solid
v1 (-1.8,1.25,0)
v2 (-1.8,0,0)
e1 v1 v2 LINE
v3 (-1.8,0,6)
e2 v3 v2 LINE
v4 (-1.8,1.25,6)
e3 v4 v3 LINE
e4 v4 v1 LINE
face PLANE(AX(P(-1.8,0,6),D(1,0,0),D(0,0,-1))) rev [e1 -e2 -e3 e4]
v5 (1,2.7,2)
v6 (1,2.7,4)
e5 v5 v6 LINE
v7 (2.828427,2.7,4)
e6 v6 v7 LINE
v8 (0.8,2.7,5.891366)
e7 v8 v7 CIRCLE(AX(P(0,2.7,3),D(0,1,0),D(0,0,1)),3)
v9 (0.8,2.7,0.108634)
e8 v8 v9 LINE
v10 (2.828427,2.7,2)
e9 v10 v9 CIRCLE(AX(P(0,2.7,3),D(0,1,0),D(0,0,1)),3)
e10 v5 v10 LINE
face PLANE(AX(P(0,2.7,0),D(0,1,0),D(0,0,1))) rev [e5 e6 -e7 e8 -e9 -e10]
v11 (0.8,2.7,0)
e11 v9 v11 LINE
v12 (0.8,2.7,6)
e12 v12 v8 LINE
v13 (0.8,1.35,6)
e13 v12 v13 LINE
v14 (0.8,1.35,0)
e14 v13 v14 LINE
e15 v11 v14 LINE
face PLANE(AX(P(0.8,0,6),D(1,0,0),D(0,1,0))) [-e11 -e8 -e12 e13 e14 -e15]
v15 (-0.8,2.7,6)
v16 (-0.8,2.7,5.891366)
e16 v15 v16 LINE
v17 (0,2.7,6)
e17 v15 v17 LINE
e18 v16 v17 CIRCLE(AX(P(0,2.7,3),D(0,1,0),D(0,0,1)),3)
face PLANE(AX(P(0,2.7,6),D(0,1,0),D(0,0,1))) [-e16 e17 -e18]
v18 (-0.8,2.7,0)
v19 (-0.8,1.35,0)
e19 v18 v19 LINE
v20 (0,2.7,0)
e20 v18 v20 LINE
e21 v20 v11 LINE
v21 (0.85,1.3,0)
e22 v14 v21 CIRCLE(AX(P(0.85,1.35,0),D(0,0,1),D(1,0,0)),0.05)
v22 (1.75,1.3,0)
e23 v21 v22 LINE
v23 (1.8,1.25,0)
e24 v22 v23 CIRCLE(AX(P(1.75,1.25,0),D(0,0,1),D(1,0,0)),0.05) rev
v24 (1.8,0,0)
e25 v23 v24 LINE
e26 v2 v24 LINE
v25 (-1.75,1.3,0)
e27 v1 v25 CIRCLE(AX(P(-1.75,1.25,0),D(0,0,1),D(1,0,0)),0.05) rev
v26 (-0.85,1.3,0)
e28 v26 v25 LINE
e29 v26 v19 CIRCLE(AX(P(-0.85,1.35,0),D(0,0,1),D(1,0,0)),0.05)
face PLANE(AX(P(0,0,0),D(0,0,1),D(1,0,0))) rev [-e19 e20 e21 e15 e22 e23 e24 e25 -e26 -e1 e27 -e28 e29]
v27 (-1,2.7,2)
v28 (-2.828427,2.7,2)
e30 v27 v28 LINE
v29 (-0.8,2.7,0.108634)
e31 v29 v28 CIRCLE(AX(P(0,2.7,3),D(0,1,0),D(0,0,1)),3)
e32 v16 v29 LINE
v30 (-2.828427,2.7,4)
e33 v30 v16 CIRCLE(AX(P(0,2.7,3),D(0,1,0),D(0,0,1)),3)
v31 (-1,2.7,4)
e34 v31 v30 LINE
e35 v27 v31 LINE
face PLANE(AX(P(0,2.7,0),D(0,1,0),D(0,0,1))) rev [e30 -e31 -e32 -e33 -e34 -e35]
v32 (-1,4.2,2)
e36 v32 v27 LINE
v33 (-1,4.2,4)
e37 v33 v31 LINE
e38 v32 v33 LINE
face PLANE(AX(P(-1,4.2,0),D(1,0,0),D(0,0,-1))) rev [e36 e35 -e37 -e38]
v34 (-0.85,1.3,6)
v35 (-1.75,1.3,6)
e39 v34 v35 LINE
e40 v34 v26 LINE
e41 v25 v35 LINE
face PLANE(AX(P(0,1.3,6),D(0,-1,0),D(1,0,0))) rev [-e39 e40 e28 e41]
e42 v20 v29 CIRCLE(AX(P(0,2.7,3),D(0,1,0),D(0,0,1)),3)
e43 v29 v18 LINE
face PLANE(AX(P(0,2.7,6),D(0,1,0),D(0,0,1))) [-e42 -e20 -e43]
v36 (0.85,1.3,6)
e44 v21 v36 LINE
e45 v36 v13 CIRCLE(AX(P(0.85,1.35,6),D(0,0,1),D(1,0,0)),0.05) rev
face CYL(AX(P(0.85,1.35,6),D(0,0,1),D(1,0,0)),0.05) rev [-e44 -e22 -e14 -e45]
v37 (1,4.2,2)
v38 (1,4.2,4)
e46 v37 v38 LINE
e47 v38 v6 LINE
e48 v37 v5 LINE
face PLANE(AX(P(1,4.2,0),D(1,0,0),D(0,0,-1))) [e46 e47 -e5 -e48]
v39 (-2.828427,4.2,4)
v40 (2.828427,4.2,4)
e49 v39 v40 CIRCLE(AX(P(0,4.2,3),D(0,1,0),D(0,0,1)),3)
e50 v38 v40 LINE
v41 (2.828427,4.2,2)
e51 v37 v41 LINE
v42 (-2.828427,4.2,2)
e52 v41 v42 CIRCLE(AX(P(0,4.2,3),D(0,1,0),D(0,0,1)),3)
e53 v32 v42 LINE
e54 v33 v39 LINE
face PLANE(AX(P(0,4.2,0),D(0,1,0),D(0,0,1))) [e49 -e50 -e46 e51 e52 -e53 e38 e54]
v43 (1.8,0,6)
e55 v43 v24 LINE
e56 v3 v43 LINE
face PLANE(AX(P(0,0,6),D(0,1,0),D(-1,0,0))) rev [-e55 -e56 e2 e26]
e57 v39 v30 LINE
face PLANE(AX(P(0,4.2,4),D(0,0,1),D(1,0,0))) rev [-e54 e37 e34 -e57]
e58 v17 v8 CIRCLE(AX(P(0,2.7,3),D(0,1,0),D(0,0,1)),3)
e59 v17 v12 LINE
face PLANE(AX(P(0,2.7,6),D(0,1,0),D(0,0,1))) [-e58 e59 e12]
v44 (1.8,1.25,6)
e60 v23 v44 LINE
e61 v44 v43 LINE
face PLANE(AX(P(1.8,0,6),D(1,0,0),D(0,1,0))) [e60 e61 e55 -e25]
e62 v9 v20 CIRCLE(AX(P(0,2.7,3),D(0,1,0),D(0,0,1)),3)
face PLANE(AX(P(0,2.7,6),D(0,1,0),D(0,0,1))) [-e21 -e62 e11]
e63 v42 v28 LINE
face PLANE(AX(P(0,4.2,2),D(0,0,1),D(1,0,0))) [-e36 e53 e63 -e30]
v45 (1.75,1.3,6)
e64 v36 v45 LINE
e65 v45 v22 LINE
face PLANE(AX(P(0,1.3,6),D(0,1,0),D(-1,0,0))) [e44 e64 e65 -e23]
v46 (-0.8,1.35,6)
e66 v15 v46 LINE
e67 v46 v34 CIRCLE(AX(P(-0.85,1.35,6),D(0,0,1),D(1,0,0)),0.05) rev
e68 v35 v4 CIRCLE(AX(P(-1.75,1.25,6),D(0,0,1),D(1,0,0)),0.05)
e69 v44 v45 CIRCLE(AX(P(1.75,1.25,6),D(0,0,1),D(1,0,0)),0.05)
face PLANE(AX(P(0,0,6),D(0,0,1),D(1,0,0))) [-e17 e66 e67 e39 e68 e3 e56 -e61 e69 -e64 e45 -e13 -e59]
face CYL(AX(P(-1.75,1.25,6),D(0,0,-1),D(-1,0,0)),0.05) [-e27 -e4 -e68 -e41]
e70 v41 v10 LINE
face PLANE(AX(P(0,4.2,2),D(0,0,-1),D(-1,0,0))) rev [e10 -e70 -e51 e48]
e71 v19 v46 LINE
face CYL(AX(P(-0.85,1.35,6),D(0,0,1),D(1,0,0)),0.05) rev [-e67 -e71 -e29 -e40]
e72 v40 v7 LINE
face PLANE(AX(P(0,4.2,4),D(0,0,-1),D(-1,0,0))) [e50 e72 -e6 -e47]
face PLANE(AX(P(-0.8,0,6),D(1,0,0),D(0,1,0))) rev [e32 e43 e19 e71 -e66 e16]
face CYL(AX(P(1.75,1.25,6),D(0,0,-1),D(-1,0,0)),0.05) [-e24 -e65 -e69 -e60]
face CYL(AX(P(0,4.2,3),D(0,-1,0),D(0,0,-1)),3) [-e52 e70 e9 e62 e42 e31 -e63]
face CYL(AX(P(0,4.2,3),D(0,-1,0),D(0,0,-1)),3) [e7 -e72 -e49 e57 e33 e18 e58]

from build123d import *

# Parameters (mm, degrees)
BOSS_EXTRUDE1_DEPTH = 6
BOSS_EXTRUDE2_DEPTH = 1.5
FILLET6_R           = 0.05


with BuildPart() as part:
    # Sketch2 → Boss-Extrude1 (new body)
    with BuildSketch(Plane.XY):
        Polygon((-0.8, 2.7), (0.8, 2.7), (0.8, 1.3), (1.8, 1.3), (1.8, 0), (-1.8, 0), (-1.8, 1.3), (-0.8, 1.3), align=None)
    extrude(amount=BOSS_EXTRUDE1_DEPTH)

    # Sketch3 → Boss-Extrude2 (add)
    with BuildSketch(Plane(origin=(0, 2.7, 0), x_dir=(1, 0, 0), z_dir=(0, 1, 0))):
        with BuildLine():
            ThreePointArc((0.8, -0.108633541), (0, 0), (-0.8, -0.108633541))
            Line((-0.8, -0.108633541), (-0.8, -5.891366459))
            ThreePointArc((-0.8, -5.891366459), (0, -6), (0.8, -5.891366459))
            Line((0.8, -5.891366459), (0.8, -0.108633541))
        make_face()
        with BuildLine():
            Line((-2.828427125, -2), (-1, -2))
            Line((-1, -2), (-1, -4))
            Line((-1, -4), (-2.828427125, -4))
            ThreePointArc((-2.828427125, -4), (-2.04589531, -5.194154138), (-0.8, -5.891366459))
            Line((-0.8, -5.891366459), (-0.8, -0.108633541))
            ThreePointArc((-0.8, -0.108633541), (-2.04589531, -0.805845862), (-2.828427125, -2))
        make_face()
        with BuildLine():
            ThreePointArc((2.828427125, -2), (2.04589531, -0.805845862), (0.8, -0.108633541))
            Line((0.8, -0.108633541), (0.8, -5.891366459))
            ThreePointArc((0.8, -5.891366459), (2.04589531, -5.194154138), (2.828427125, -4))
            Line((2.828427125, -4), (1, -4))
            Line((1, -4), (1, -2))
            Line((1, -2), (2.828427125, -2))
        make_face()
    extrude(amount=BOSS_EXTRUDE2_DEPTH)

    # Fillet6
    fillet6_edges = [part.edges().sort_by_distance(p)[0] for p in [
        (0.8, 1.3, 3),
        (1.8, 1.3, 3),
        (-1.8, 1.3, 3),
        (-0.8, 1.3, 3),
    ]]
    fillet(fillet6_edges, radius=FILLET6_R)


solid = part.part
